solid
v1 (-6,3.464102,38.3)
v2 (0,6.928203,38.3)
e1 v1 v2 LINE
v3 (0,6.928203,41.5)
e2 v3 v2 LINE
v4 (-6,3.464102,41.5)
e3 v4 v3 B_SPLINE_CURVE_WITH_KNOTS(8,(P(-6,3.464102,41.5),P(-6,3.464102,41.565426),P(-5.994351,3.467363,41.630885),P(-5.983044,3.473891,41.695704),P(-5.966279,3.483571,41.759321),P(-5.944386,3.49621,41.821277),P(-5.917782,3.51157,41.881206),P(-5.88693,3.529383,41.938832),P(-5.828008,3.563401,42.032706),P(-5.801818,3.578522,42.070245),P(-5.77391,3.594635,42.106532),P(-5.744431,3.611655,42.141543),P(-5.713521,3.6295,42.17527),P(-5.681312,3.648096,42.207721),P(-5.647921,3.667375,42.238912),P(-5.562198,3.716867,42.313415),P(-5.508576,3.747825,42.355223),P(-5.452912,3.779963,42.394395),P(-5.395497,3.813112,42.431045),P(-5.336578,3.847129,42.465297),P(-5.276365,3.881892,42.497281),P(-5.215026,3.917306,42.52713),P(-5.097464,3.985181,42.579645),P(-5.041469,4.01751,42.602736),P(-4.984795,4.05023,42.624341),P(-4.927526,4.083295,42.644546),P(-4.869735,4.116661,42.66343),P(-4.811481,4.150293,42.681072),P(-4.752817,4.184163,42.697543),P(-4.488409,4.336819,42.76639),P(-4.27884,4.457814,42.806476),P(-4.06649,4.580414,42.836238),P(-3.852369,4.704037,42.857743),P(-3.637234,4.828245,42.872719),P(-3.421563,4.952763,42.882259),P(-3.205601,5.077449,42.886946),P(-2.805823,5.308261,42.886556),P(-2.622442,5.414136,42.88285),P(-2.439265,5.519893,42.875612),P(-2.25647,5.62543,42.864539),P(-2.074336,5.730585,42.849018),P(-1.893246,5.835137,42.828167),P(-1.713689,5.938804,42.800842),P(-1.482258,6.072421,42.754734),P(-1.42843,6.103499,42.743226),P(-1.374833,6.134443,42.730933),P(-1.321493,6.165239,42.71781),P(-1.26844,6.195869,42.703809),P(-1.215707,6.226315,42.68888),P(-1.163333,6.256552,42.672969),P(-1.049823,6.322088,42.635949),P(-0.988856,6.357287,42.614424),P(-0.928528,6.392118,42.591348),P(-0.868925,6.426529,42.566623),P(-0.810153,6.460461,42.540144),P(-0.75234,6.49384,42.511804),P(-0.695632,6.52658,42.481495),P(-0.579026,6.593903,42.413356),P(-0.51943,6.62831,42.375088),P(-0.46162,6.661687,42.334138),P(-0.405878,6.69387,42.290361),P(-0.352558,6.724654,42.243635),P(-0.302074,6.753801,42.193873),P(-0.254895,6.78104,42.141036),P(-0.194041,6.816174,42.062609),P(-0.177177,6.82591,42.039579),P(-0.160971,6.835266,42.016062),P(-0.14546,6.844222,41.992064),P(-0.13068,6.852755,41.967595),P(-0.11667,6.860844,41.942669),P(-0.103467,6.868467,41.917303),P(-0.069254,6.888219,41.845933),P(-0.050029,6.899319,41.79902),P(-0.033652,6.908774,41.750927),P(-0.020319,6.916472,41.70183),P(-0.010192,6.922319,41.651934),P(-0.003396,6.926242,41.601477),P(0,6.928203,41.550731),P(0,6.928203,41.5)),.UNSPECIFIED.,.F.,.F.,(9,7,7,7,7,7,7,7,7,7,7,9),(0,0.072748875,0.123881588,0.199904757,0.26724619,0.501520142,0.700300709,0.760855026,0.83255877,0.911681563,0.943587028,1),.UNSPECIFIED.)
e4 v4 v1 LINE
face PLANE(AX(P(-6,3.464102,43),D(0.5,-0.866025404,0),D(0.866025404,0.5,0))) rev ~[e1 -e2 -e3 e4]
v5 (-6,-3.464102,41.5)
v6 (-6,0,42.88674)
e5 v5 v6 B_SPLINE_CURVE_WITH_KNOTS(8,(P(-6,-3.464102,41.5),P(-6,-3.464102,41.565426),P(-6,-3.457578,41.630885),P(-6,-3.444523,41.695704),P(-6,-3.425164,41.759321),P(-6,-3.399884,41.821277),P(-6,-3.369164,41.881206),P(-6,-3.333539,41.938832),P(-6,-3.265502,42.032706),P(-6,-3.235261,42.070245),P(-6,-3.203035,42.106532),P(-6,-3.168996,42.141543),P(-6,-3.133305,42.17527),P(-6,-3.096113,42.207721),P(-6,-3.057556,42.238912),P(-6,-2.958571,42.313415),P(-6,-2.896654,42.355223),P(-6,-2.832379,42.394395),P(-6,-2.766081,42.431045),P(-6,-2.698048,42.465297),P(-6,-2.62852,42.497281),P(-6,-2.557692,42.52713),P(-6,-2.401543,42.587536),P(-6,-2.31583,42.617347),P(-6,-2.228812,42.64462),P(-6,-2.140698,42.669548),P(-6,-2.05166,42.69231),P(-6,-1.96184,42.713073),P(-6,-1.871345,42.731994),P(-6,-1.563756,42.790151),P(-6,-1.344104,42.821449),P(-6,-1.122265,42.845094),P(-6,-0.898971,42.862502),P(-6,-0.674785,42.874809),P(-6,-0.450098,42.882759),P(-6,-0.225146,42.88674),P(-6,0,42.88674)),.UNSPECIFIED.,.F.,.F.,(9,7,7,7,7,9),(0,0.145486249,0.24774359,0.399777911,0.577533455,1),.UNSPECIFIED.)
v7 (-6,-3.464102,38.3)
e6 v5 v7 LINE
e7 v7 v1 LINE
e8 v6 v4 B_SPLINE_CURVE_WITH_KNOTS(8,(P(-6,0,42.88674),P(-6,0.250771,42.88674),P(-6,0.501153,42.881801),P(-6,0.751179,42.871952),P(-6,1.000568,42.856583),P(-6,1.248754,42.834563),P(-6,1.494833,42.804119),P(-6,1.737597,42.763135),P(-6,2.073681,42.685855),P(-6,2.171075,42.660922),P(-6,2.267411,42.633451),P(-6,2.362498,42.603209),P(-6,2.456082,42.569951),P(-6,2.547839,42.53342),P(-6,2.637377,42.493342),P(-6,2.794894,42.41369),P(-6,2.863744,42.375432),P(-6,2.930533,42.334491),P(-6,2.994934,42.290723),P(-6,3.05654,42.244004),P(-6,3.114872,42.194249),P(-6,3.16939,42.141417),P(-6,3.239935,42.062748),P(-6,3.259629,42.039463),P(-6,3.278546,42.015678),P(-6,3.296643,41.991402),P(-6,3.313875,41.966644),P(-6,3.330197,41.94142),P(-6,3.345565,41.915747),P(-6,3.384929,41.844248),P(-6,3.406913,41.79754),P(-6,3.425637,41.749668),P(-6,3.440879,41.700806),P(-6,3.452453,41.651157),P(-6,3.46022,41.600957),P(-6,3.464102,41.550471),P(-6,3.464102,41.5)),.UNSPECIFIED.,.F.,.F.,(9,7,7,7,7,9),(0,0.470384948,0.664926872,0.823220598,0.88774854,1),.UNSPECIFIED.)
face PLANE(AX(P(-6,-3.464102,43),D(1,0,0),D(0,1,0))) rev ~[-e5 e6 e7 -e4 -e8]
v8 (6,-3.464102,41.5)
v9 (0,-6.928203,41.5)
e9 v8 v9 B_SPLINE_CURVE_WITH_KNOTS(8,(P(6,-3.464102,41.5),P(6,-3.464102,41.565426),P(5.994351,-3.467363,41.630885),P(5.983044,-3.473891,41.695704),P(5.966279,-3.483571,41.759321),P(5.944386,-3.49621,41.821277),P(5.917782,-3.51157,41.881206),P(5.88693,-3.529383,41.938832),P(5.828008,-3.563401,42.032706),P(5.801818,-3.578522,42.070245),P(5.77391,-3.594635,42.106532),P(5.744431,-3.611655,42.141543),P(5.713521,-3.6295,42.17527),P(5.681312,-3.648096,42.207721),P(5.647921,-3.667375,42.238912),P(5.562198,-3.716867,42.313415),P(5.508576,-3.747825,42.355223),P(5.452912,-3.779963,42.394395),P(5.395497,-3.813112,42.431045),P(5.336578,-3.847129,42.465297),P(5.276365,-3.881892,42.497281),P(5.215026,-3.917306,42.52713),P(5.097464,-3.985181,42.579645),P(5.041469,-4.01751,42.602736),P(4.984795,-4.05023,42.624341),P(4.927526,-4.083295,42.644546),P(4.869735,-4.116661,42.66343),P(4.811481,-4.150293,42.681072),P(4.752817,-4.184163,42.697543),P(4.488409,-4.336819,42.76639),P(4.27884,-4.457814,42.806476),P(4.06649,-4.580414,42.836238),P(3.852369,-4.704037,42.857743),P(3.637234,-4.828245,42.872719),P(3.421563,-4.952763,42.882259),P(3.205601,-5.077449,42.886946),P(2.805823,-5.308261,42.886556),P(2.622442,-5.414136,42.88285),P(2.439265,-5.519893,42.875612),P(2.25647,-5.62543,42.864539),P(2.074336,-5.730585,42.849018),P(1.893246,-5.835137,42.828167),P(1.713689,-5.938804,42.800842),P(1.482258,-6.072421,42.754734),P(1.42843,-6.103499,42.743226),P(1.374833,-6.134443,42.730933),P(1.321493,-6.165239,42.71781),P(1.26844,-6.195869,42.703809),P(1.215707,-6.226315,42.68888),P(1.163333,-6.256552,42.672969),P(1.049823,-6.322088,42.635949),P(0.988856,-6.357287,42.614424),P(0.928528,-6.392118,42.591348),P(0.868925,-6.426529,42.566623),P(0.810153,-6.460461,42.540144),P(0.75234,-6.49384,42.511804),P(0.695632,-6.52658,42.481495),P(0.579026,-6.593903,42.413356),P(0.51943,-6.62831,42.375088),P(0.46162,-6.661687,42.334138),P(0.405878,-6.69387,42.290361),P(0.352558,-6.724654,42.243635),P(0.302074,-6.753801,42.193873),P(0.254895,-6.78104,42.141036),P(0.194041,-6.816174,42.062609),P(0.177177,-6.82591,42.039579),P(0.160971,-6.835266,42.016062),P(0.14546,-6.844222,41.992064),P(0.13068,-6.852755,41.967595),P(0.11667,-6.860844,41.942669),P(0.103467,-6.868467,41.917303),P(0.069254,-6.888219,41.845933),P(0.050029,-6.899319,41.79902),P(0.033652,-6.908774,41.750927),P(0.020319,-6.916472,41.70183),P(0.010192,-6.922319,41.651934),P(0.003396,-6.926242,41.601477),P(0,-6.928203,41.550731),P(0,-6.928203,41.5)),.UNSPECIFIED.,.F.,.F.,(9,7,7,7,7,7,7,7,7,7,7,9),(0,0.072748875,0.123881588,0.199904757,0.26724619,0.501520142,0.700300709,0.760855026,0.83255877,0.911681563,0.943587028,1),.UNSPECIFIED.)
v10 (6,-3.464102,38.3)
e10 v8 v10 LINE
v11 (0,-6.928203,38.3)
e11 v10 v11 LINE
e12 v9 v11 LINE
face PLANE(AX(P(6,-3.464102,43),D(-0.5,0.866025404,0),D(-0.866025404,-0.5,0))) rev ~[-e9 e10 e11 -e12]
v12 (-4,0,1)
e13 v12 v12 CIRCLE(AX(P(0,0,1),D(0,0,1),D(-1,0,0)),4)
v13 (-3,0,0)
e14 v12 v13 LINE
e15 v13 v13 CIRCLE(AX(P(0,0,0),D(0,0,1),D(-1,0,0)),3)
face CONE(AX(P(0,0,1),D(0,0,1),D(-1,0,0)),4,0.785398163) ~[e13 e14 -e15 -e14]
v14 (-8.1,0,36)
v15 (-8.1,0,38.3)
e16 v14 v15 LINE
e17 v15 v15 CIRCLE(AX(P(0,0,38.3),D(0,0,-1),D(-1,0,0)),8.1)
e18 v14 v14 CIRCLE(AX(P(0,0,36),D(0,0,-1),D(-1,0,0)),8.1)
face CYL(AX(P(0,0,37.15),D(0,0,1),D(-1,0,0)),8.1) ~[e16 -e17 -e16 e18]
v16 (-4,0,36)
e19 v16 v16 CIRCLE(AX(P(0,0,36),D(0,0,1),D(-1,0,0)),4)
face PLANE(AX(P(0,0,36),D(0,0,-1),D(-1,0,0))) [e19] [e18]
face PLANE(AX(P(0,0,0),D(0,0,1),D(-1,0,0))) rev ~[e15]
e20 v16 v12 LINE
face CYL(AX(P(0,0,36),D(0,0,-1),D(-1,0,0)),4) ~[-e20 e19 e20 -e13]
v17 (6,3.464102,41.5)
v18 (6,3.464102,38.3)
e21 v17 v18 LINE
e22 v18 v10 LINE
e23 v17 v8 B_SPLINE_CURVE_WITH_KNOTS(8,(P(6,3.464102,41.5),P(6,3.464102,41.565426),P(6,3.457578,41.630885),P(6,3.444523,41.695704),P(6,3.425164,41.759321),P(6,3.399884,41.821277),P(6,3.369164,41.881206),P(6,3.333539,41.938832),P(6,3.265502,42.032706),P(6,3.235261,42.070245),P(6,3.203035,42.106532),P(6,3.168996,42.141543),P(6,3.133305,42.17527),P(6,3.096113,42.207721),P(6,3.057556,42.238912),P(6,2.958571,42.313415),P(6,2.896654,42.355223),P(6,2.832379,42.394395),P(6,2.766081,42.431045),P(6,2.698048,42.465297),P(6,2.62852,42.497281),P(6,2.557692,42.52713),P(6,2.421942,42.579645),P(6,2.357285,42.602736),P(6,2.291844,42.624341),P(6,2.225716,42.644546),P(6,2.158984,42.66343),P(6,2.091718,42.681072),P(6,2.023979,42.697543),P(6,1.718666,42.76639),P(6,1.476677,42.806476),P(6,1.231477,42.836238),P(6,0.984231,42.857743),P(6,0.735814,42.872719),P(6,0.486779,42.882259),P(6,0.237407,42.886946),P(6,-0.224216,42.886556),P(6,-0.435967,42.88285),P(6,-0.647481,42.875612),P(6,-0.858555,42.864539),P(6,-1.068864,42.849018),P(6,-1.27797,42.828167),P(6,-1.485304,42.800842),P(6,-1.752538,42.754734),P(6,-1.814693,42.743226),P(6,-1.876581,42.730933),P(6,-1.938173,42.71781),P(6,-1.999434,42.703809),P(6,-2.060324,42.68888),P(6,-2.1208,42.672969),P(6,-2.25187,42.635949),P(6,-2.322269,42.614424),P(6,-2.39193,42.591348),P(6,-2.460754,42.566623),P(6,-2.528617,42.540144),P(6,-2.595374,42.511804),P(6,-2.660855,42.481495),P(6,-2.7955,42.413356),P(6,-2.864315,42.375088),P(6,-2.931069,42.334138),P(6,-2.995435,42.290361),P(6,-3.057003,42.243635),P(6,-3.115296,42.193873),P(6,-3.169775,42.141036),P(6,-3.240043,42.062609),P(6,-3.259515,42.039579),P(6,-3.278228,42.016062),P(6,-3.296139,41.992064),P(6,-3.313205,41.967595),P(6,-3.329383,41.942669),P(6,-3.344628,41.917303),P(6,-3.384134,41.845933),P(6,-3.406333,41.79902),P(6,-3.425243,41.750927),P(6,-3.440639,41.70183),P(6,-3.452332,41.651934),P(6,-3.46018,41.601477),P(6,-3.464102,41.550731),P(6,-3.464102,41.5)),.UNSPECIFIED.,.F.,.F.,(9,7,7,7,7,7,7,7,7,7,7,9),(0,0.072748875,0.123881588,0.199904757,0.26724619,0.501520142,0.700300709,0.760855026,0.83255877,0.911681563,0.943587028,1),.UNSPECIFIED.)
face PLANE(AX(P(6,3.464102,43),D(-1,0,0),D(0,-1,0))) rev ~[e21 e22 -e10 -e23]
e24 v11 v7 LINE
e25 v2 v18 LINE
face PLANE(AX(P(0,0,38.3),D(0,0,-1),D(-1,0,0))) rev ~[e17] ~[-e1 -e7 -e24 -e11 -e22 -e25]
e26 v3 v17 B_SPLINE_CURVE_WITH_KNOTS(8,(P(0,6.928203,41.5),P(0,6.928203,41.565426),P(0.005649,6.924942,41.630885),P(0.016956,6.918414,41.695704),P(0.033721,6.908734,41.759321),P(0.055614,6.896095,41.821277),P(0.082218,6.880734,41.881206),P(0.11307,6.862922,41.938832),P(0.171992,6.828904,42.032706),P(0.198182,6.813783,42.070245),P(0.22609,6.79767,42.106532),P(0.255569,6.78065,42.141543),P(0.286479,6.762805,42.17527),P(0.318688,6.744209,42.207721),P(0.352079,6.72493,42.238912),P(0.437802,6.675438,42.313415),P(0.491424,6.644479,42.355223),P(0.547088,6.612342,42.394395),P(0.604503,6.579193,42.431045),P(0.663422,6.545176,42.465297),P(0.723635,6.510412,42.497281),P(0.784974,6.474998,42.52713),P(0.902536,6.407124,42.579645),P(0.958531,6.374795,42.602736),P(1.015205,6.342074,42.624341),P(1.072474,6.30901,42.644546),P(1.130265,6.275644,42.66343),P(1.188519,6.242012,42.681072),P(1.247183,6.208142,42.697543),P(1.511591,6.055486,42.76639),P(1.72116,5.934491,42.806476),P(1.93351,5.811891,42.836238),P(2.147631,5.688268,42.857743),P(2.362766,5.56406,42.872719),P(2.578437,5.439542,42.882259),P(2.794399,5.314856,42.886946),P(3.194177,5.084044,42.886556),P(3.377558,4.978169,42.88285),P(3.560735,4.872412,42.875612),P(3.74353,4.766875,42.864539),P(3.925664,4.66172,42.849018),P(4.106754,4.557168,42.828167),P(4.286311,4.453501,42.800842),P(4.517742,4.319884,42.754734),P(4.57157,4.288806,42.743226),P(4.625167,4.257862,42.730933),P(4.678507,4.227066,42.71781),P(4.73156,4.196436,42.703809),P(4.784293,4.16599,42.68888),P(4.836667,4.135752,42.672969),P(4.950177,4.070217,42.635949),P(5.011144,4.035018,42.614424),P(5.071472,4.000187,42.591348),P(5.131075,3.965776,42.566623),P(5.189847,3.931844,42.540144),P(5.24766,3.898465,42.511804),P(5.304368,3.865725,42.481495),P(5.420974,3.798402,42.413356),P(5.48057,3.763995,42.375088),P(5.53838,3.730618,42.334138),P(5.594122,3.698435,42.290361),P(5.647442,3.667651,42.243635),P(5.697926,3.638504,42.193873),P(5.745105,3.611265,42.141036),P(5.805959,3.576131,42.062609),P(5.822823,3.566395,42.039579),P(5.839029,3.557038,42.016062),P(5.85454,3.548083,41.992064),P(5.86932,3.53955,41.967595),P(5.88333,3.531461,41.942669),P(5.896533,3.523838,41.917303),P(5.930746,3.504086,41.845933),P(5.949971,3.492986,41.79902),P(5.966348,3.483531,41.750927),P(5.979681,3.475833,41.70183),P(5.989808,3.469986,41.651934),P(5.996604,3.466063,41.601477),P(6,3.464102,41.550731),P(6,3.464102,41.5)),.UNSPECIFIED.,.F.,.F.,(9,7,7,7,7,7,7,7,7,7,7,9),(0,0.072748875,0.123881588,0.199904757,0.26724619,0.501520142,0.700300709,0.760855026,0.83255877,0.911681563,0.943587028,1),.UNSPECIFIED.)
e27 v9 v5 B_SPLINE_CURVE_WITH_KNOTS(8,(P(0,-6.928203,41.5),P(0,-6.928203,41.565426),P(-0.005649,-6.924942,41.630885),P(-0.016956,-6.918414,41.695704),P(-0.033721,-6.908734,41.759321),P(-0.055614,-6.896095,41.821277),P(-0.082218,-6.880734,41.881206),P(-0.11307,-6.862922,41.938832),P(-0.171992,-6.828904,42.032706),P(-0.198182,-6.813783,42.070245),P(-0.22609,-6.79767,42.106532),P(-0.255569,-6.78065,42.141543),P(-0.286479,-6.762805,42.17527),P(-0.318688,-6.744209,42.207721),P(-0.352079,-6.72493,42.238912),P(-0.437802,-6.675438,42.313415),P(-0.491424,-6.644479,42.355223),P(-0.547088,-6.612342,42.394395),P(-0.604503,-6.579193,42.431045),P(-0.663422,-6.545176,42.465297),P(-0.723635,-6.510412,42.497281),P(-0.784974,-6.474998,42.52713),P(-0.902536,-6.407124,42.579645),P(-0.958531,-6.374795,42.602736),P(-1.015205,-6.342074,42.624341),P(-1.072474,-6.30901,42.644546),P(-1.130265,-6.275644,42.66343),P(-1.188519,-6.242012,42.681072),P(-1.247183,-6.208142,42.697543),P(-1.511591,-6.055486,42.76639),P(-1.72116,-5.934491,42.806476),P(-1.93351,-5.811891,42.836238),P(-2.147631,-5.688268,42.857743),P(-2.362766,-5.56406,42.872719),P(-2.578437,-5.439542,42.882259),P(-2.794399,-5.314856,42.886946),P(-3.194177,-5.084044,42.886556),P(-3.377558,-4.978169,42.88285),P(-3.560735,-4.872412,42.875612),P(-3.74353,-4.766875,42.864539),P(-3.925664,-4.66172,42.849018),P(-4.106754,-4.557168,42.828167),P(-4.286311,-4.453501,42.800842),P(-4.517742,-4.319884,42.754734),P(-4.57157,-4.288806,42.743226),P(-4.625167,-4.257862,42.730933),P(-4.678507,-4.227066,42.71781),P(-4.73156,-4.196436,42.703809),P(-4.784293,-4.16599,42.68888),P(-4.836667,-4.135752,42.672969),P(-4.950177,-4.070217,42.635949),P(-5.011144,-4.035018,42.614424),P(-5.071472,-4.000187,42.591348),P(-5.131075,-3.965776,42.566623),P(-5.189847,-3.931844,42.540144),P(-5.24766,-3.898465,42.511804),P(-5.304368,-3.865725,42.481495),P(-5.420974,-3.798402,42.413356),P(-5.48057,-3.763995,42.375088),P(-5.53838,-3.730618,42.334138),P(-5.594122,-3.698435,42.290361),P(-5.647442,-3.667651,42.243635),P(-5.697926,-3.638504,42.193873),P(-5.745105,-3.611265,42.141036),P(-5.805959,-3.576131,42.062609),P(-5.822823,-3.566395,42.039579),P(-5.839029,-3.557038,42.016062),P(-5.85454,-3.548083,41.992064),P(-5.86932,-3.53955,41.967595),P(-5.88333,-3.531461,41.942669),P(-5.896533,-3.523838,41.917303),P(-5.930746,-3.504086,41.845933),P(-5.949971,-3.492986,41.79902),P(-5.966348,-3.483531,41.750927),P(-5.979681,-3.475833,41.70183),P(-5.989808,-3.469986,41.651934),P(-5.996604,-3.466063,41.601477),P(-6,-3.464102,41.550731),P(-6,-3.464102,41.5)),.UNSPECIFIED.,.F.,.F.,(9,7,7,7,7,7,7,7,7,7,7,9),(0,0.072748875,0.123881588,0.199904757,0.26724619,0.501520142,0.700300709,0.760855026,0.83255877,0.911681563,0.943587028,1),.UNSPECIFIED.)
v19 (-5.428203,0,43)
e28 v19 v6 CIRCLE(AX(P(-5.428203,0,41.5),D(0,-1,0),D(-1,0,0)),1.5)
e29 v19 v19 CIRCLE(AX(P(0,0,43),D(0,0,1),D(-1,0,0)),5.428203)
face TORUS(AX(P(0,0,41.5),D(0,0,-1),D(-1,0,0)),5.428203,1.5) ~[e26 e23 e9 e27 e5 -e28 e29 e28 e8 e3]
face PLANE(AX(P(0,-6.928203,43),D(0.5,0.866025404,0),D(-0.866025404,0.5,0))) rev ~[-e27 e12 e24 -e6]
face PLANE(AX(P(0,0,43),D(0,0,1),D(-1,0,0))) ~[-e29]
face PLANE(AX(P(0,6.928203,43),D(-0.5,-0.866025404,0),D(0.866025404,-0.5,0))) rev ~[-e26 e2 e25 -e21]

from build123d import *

# Parameters (mm, degrees)
F2_R     = 1.5
F3_R     = 8
F4_DEPTH = 43.001
F5_W     = 8.1
F5_H     = 2.3
F7_SIZE  = 1


with BuildPart() as f1:
    # F0 (on Front) → F1 (revolve)
    with BuildSketch(Plane.XZ):
        Polygon((-4, 0), (0, 0), (0, 43), (-6.9282032303, 43), (-6.9282032303, 36), (-4, 36), align=None)
    revolve(axis=Axis((0, 0, 24.3542883545), (0, 0, 1)))

    # F2
    f2_edges = [f1.edges().sort_by_distance(p)[0] for p in [
        (6.928203, 0, 43),
    ]]
    fillet(f2_edges, radius=F2_R)

    # F3 (on face) → F4 (cut, through all)
    with BuildSketch(Plane.XY.offset(43)):
        Circle(F3_R)
        Polygon((0, -6.9282032303), (-6, -3.4641016151), (-6, 3.4641016151), (0, 6.9282032303), (6, 3.4641016151), (6, -3.4641016151), align=None, mode=Mode.SUBTRACT)
    extrude(amount=-F4_DEPTH, mode=Mode.SUBTRACT)

    # F5 (on Front) → F6 (revolve)
    with BuildSketch(Plane.XZ):
        with Locations((-4.05, 37.15)):
            Rectangle(F5_W, F5_H)
    revolve(axis=Axis((0, 0, 29.9482884184), (0, 0, -1)))

    # F7
    f7_edges = [f1.edges().sort_by_distance(p)[0] for p in [
        (4, 0, 0),
    ]]
    chamfer(f7_edges, length=F7_SIZE)


solid = f1.part
